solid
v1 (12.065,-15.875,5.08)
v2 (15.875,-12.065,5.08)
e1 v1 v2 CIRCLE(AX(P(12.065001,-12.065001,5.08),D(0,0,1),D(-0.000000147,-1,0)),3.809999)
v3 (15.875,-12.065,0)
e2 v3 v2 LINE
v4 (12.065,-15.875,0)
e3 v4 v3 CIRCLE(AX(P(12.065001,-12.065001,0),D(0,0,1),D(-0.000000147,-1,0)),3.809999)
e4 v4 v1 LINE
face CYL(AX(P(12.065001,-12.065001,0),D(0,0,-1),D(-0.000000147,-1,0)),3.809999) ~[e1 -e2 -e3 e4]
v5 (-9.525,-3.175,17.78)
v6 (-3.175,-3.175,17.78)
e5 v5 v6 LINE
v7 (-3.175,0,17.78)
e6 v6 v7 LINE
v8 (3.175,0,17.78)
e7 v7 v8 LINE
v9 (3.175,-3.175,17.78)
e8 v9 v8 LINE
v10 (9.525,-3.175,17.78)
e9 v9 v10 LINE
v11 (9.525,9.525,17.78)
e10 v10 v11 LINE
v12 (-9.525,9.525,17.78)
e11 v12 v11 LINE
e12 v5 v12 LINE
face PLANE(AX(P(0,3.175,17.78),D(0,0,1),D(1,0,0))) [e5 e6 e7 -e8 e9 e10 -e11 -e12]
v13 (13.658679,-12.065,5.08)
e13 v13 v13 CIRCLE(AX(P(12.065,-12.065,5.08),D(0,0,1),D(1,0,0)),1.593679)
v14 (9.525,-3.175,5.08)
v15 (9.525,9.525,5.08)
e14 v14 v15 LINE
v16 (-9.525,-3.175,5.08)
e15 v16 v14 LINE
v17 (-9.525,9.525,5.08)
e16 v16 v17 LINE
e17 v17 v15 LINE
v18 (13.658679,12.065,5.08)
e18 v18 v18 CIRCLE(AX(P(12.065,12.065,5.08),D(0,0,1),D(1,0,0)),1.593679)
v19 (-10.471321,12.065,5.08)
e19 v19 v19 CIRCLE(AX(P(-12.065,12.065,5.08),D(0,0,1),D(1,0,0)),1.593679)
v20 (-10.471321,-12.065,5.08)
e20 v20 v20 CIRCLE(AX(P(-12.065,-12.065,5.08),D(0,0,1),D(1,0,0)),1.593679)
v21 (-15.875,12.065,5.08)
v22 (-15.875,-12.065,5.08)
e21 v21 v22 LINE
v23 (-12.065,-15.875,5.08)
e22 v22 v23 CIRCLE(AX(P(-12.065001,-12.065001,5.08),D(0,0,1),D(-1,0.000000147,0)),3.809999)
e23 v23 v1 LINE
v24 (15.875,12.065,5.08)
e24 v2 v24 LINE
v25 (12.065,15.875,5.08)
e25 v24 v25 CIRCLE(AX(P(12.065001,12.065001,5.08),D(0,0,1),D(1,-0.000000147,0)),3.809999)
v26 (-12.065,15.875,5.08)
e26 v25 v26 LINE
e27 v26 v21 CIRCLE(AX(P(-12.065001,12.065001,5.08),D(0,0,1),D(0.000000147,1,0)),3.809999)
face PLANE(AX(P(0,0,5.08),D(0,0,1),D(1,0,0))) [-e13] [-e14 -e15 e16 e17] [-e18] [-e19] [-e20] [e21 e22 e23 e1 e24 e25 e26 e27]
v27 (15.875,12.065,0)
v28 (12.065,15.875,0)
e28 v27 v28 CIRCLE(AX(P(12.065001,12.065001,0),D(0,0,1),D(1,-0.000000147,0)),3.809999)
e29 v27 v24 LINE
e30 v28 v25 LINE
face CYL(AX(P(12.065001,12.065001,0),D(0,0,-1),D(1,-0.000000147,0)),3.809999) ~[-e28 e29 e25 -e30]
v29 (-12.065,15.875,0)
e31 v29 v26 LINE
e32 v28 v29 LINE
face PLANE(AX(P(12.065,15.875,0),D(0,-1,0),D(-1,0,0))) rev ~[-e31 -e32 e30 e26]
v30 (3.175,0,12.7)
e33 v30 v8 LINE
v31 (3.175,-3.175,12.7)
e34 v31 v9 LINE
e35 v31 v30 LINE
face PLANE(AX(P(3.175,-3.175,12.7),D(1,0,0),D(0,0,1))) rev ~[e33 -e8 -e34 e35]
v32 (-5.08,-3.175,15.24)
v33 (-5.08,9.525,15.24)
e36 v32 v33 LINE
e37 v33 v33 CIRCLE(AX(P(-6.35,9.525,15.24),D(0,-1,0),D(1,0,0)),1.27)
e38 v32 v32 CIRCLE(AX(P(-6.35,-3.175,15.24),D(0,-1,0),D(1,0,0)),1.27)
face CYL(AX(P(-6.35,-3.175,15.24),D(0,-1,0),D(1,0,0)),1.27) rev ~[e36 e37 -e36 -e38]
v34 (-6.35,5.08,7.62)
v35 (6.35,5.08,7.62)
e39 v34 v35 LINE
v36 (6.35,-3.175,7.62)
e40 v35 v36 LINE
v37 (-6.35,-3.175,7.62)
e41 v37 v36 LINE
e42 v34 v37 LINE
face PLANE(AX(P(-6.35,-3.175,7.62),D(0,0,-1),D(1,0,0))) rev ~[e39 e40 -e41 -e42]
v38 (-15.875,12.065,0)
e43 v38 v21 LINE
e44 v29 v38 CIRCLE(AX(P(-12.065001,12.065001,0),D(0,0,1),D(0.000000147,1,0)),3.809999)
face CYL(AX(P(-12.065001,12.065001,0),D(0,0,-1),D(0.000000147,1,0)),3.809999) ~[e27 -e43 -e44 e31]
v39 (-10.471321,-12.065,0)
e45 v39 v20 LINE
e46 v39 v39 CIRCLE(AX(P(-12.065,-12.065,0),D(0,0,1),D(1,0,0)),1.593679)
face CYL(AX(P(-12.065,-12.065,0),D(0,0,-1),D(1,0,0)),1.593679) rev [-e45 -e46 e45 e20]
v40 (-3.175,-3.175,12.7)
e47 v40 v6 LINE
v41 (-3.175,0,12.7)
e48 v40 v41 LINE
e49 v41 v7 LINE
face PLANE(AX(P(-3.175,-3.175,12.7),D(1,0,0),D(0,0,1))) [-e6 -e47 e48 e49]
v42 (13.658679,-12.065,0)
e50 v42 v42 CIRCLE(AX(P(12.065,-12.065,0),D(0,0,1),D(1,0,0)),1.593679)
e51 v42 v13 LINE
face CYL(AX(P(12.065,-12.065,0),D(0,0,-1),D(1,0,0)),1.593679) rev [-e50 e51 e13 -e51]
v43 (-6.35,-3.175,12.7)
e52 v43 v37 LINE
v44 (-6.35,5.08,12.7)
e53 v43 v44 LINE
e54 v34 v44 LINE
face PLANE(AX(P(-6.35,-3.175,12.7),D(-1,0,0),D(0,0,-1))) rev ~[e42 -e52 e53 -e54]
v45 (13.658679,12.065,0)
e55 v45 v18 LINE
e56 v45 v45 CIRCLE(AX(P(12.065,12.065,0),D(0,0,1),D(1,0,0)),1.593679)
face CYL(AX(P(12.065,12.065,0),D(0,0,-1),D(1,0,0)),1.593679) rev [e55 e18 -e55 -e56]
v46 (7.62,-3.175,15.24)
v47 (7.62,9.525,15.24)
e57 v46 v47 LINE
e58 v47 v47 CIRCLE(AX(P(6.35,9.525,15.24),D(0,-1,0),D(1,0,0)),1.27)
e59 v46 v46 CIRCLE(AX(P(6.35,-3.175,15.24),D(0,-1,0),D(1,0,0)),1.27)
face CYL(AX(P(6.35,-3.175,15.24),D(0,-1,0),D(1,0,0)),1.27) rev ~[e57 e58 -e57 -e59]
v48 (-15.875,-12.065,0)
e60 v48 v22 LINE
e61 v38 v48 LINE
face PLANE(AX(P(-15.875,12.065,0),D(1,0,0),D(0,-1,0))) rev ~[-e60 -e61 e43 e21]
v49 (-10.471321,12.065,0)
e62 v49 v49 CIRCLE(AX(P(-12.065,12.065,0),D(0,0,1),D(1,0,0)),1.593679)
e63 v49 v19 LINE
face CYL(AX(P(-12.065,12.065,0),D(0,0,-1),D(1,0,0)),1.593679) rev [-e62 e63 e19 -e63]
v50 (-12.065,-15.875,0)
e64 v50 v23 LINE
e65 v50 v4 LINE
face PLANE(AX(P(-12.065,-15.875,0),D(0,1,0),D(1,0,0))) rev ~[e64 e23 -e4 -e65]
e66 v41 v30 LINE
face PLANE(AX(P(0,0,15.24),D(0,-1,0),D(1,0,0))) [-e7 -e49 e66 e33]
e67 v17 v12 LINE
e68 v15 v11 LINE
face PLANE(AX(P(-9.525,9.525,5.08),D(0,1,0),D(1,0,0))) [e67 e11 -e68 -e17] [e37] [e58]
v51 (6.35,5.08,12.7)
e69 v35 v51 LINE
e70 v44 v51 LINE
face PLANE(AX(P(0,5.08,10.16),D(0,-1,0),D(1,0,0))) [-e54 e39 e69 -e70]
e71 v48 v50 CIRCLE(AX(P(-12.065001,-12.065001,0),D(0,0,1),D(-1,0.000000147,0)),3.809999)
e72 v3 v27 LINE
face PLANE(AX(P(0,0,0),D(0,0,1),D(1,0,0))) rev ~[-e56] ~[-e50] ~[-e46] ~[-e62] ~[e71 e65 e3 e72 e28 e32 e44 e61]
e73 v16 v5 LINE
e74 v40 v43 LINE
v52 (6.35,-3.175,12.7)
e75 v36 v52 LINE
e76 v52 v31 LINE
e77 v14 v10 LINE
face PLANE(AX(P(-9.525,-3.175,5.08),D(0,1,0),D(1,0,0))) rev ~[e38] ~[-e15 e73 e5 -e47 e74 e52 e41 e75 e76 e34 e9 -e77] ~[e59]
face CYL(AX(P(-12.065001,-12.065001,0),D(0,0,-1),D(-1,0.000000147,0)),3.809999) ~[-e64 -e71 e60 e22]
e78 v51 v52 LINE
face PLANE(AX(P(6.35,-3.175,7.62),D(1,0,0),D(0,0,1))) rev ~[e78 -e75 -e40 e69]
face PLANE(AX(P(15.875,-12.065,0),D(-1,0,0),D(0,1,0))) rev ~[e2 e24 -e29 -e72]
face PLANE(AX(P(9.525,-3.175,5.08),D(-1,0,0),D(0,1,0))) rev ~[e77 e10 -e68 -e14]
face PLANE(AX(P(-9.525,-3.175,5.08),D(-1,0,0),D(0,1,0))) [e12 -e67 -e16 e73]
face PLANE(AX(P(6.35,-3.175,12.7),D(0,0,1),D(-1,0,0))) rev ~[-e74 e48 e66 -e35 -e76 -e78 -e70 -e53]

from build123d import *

# Parameters (mm, degrees)
F0_R     = 1.593679
F1_DEPTH = 5.08
F2_W     = 19.05
F2_H     = 12.7
F3_DEPTH = 12.7
F4_W     = 6.35
F4_H     = 5.08
F5_DEPTH = 3.175
F6_W     = 12.7
F6_H     = 5.08
F7_DEPTH = 5.08
F8_R     = 1.27
F9_DEPTH = 12.7


with BuildPart() as f1:
    # F0 (on Top) → F1 (new body)
    with BuildSketch(Plane.XY):
        with BuildLine():
            ThreePointArc((15.875, 12.065), (14.759077, 14.759077), (12.065, 15.875))
            Line((12.065, 15.875), (-12.065, 15.875))
            ThreePointArc((-12.065, 15.875), (-14.759077, 14.759077), (-15.875, 12.065))
            Line((-15.875, 12.065), (-15.875, -12.065))
            ThreePointArc((-15.875, -12.065), (-14.759077, -14.759077), (-12.065, -15.875))
            Line((-12.065, -15.875), (12.065, -15.875))
            ThreePointArc((12.065, -15.875), (14.759077, -14.759077), (15.875, -12.065))
            Line((15.875, -12.065), (15.875, 12.065))
        make_face()
        with Locations((-12.065, -12.065)):
            Circle(F0_R, mode=Mode.SUBTRACT)
        with Locations((12.065, -12.065)):
            Circle(F0_R, mode=Mode.SUBTRACT)
        with Locations((-12.065, 12.065)):
            Circle(F0_R, mode=Mode.SUBTRACT)
        with Locations((12.065, 12.065)):
            Circle(F0_R, mode=Mode.SUBTRACT)
    extrude(amount=F1_DEPTH)

    # F2 (on face) → F3 (join)
    with BuildSketch(Plane.XY.offset(5.08)):
        with Locations((0, 3.175)):
            Rectangle(F2_W, F2_H)
    extrude(amount=F3_DEPTH)

    # F4 (on face) → F5 (cut)
    with BuildSketch(Plane.XZ.offset(3.175)):
        with Locations((0, 15.24)):
            Rectangle(F4_W, F4_H)
        Polygon((3.175, 12.7), (-3.175, 12.7), (-6.35, 12.7), (-6.35, 7.62), (6.35, 7.62), (6.35, 12.7), align=None)
    extrude(amount=-F5_DEPTH, mode=Mode.SUBTRACT)

    # F6 (on face) → F7 (cut)
    with BuildSketch(Plane.XZ):
        with Locations((0, 10.16)):
            Rectangle(F6_W, F6_H)
    extrude(amount=-F7_DEPTH, mode=Mode.SUBTRACT)

    # F8 (on face) → F9 (cut)
    with BuildSketch(Plane.XZ.offset(3.175)):
        with Locations((-6.35, 15.24)):
            Circle(F8_R)
        with Locations((6.35, 15.24)):
            Circle(F8_R)
    extrude(amount=-F9_DEPTH, mode=Mode.SUBTRACT)


solid = f1.part
